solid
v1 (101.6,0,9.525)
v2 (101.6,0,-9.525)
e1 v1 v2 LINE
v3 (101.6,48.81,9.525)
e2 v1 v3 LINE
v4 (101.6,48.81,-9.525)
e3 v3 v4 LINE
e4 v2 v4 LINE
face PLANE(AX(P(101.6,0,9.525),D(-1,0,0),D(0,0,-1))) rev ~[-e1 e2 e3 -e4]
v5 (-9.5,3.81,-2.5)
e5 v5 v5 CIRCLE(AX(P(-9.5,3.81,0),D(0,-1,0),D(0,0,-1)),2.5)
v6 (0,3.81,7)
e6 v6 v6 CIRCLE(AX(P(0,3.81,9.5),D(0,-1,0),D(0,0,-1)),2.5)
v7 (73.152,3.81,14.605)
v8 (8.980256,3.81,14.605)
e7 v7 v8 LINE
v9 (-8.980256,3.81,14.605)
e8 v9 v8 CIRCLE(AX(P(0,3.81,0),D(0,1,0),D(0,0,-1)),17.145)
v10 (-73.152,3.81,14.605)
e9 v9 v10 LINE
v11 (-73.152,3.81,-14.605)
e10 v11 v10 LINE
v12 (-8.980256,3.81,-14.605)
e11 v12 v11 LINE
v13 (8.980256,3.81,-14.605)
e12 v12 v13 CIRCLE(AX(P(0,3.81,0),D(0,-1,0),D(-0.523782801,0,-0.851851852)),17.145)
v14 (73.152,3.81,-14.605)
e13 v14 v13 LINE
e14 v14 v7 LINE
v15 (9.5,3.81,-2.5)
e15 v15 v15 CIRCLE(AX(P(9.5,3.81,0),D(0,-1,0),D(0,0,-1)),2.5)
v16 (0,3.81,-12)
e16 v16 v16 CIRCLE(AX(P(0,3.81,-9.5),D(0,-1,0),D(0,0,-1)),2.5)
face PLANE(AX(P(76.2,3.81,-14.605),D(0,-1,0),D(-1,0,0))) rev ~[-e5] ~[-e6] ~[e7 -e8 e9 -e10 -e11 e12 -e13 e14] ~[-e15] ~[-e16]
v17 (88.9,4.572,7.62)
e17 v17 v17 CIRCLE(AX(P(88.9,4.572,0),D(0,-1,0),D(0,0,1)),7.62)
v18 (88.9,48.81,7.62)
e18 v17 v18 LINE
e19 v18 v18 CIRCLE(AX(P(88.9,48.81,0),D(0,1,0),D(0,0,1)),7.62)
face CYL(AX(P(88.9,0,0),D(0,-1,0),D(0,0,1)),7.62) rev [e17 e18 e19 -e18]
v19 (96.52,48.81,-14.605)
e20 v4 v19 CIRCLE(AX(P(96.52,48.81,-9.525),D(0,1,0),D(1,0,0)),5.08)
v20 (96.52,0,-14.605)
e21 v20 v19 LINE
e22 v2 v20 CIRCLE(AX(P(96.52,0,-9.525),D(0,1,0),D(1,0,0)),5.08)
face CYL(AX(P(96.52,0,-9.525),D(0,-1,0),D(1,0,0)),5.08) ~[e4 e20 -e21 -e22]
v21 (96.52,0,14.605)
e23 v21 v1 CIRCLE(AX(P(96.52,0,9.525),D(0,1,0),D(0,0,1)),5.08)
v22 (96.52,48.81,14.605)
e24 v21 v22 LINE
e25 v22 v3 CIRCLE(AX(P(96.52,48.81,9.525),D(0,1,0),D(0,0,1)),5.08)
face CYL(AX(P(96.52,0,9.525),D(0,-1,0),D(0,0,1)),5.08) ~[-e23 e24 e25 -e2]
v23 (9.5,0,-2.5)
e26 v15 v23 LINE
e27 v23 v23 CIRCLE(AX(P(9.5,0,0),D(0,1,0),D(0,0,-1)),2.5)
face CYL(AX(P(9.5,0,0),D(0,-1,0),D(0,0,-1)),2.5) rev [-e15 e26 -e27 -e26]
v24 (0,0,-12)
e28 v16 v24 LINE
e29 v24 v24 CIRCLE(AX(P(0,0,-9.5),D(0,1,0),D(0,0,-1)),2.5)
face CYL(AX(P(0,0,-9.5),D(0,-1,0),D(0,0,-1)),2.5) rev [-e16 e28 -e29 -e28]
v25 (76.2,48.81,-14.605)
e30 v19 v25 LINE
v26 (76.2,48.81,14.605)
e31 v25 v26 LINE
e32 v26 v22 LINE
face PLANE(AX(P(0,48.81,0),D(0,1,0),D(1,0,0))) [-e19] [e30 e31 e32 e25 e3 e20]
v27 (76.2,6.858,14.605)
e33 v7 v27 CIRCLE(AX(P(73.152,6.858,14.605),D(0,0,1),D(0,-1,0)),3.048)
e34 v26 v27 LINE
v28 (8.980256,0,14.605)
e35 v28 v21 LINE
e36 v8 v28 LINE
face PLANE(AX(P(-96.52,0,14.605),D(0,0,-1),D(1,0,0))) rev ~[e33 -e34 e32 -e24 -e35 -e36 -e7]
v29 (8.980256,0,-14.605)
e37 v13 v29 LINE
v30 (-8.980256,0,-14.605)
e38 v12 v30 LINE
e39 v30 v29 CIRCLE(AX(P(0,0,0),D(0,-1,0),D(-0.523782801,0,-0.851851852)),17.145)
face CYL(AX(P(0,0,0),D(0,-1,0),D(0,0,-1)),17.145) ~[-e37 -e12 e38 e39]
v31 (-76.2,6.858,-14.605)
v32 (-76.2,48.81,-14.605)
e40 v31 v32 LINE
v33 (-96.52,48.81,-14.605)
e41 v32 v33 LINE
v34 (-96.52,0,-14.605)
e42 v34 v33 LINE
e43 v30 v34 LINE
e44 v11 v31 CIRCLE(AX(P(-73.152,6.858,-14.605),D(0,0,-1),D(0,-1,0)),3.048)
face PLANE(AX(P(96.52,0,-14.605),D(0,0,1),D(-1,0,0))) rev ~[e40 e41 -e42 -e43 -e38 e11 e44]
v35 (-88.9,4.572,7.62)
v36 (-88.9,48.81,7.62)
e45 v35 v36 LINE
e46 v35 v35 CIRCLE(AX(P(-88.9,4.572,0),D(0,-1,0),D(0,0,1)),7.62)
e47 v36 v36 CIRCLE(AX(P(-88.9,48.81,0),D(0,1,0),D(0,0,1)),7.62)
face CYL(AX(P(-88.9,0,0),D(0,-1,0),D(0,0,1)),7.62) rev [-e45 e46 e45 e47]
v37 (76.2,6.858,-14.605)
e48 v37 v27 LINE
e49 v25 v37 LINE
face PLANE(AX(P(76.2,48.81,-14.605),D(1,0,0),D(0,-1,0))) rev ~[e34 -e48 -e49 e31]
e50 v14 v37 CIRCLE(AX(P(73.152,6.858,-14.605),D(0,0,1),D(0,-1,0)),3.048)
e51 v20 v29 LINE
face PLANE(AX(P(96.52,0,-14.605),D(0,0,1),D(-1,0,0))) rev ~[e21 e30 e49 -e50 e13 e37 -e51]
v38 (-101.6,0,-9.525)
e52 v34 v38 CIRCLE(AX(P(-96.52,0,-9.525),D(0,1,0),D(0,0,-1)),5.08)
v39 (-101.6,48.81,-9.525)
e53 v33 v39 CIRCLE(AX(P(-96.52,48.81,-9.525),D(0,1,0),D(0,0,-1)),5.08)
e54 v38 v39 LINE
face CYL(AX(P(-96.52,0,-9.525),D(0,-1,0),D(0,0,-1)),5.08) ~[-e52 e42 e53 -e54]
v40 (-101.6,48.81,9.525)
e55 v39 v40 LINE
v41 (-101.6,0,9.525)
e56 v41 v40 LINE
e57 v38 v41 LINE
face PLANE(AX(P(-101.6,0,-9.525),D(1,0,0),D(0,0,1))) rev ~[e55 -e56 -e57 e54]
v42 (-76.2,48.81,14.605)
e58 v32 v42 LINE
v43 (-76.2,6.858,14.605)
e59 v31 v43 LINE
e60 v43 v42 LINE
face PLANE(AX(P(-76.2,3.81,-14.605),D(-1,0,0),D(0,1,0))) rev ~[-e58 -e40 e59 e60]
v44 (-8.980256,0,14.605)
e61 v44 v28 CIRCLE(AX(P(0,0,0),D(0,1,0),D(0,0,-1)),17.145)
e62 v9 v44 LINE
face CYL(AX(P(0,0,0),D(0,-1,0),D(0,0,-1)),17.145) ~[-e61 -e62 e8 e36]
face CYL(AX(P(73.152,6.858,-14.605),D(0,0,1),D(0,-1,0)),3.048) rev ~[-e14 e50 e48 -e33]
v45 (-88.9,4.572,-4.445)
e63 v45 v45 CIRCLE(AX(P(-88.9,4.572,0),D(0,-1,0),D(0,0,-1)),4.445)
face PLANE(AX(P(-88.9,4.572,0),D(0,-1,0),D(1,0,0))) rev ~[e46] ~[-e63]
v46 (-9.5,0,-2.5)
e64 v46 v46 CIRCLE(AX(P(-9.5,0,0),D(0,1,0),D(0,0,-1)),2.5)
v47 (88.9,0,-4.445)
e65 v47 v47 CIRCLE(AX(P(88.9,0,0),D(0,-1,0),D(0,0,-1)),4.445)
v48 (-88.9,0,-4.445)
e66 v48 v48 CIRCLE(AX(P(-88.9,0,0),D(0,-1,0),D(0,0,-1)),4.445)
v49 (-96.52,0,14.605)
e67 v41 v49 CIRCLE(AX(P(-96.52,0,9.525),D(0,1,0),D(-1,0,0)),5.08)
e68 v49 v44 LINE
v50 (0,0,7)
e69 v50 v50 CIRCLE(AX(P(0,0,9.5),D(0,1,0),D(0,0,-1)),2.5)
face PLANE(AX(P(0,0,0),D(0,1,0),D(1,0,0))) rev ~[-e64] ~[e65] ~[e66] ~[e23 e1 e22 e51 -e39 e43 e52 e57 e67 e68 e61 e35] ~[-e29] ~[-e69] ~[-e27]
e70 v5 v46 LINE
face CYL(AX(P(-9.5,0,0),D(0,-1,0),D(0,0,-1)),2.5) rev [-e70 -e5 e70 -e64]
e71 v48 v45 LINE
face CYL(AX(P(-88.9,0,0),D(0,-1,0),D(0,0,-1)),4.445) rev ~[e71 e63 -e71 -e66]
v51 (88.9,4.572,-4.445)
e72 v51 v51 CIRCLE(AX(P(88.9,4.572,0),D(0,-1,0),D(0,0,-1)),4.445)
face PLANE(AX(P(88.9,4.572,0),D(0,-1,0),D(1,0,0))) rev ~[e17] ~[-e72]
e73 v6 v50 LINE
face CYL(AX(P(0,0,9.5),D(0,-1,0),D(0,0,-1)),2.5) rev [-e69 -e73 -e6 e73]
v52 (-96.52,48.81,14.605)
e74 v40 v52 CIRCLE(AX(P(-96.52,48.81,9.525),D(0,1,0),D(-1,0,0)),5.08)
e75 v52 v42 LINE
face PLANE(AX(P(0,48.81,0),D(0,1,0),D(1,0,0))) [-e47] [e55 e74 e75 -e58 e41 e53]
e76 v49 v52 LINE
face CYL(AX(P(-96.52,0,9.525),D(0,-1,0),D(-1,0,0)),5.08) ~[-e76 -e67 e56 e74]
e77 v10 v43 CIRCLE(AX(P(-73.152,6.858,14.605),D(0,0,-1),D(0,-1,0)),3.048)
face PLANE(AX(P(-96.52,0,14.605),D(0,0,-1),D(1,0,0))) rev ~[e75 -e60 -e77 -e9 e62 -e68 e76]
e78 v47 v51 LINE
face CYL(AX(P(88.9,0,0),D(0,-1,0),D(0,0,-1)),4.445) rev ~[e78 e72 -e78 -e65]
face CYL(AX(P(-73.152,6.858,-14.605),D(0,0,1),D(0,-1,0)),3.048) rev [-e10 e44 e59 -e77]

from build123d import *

# Parameters (mm, degrees)
SKETCH1_R                = 17.145
SKETCH1_R_2              = 2.5
BOSS_EXTRUDE1_DEPTH      = 3.81
BOSS_EXTRUDE2_DEPTH      = 45
BOSS_EXTRUDE2_DEPTH_BACK = 3.81
SKETCH2_R                = 7.62
SKETCH2_R_2              = 2.5
CUT_EXTRUDE2_DEPTH       = 118.102684
SKETCH6_R                = 8.89
SKETCH6_R_2              = 4.445
BOSS_EXTRUDE3_DEPTH      = 4.572
FILLET2_R                = 3.048


with BuildPart() as part:
    # Sketch1 → Boss-Extrude1 (new body)
    with BuildSketch(Plane(origin=(0, 0, 0), x_dir=(1, 0, 0), z_dir=(0, 1, 0))):
        with Locations(Location((0, 0, 0), (0, 0, 90))):
            Circle(SKETCH1_R)
        with Locations(Location((0, 9.5, 0), (0, 0, 90))):
            Circle(SKETCH1_R_2, mode=Mode.SUBTRACT)
        with Locations(Location((9.5, 0, 0), (0, 0, 90))):
            Circle(SKETCH1_R_2, mode=Mode.SUBTRACT)
        with Locations(Location((0, -9.5, 0), (0, 0, 90))):
            Circle(SKETCH1_R_2, mode=Mode.SUBTRACT)
        with Locations(Location((-9.5, 0, 0), (0, 0, 90))):
            Circle(SKETCH1_R_2, mode=Mode.SUBTRACT)
    extrude(amount=BOSS_EXTRUDE1_DEPTH)

    # Sketch2 → Boss-Extrude2 (add, two sides: drawn at the far end of the back side and taken through both)
    with BuildSketch(Plane(origin=(0, 3.81, 0), x_dir=(1, 0, 0), z_dir=(0, 1, 0)).offset(-BOSS_EXTRUDE2_DEPTH_BACK)):
        with BuildLine():
            Line((-96.52, -14.605), (96.52, -14.605))
            ThreePointArc((96.52, -14.605), (100.112102448, -13.117102448), (101.6, -9.525))
            Line((101.6, -9.525), (101.6, 9.525))
            ThreePointArc((101.6, 9.525), (100.112102448, 13.117102448), (96.52, 14.605))
            Line((96.52, 14.605), (-96.52, 14.605))
            ThreePointArc((-96.52, 14.605), (-100.112102448, 13.117102448), (-101.6, 9.525))
            Line((-101.6, 9.525), (-101.6, -9.525))
            ThreePointArc((-101.6, -9.525), (-100.112102448, -13.117102448), (-96.52, -14.605))
        make_face()
        with Locations(Location((-88.9, 0, 0), (0, 0, 270))):
            Circle(SKETCH2_R, mode=Mode.SUBTRACT)
        with Locations(Location((88.9, 0, 0), (0, 0, 270))):
            Circle(SKETCH2_R, mode=Mode.SUBTRACT)
        with Locations(Location((9.5, 0, 0), (0, 0, 90))):
            Circle(SKETCH2_R_2, mode=Mode.SUBTRACT)
        with Locations(Location((0, 9.5, 0), (0, 0, 90))):
            Circle(SKETCH2_R_2, mode=Mode.SUBTRACT)
        with Locations(Location((-9.5, 0, 0), (0, 0, 90))):
            Circle(SKETCH2_R_2, mode=Mode.SUBTRACT)
        with Locations(Location((0, -9.5, 0), (0, 0, 90))):
            Circle(SKETCH2_R_2, mode=Mode.SUBTRACT)
    extrude(amount=BOSS_EXTRUDE2_DEPTH + BOSS_EXTRUDE2_DEPTH_BACK)

    # Sketch5 → Cut-Extrude2 (cut, through all)
    with BuildSketch(Plane(origin=(0, 0, -14.605), x_dir=(-1, 0, 0), z_dir=(0, 0, -1))):
        Polygon((-76.2, 3.81), (0, 3.81), (76.2, 3.81), (76.2, 48.81), (-76.2, 48.81), align=None)
    extrude(amount=-CUT_EXTRUDE2_DEPTH, mode=Mode.SUBTRACT)

    # Sketch6 → Boss-Extrude3 (add)
    # profile 1 of 2: a face of its own
    with BuildSketch(Plane.XZ):
        with Locations((-88.9, 0)):
            Circle(SKETCH6_R)
        with Locations(Location((-88.9, 0, 0), (0, 0, 270))):
            Circle(SKETCH6_R_2, mode=Mode.SUBTRACT)
    # profile 2 of 2: a face of its own
    with BuildSketch(Plane.XZ):
        with Locations((88.9, 0)):
            Circle(SKETCH6_R)
        with Locations(Location((88.9, 0, 0), (0, 0, 270))):
            Circle(SKETCH6_R_2, mode=Mode.SUBTRACT)
    extrude(amount=-BOSS_EXTRUDE3_DEPTH)

    # Fillet2
    fillet2_edges = [part.edges().sort_by_distance(p)[0] for p in [
        (-76.2, 3.81, 0),
        (76.2, 3.81, 0),
    ]]
    fillet(fillet2_edges, radius=FILLET2_R)


solid = part.part
